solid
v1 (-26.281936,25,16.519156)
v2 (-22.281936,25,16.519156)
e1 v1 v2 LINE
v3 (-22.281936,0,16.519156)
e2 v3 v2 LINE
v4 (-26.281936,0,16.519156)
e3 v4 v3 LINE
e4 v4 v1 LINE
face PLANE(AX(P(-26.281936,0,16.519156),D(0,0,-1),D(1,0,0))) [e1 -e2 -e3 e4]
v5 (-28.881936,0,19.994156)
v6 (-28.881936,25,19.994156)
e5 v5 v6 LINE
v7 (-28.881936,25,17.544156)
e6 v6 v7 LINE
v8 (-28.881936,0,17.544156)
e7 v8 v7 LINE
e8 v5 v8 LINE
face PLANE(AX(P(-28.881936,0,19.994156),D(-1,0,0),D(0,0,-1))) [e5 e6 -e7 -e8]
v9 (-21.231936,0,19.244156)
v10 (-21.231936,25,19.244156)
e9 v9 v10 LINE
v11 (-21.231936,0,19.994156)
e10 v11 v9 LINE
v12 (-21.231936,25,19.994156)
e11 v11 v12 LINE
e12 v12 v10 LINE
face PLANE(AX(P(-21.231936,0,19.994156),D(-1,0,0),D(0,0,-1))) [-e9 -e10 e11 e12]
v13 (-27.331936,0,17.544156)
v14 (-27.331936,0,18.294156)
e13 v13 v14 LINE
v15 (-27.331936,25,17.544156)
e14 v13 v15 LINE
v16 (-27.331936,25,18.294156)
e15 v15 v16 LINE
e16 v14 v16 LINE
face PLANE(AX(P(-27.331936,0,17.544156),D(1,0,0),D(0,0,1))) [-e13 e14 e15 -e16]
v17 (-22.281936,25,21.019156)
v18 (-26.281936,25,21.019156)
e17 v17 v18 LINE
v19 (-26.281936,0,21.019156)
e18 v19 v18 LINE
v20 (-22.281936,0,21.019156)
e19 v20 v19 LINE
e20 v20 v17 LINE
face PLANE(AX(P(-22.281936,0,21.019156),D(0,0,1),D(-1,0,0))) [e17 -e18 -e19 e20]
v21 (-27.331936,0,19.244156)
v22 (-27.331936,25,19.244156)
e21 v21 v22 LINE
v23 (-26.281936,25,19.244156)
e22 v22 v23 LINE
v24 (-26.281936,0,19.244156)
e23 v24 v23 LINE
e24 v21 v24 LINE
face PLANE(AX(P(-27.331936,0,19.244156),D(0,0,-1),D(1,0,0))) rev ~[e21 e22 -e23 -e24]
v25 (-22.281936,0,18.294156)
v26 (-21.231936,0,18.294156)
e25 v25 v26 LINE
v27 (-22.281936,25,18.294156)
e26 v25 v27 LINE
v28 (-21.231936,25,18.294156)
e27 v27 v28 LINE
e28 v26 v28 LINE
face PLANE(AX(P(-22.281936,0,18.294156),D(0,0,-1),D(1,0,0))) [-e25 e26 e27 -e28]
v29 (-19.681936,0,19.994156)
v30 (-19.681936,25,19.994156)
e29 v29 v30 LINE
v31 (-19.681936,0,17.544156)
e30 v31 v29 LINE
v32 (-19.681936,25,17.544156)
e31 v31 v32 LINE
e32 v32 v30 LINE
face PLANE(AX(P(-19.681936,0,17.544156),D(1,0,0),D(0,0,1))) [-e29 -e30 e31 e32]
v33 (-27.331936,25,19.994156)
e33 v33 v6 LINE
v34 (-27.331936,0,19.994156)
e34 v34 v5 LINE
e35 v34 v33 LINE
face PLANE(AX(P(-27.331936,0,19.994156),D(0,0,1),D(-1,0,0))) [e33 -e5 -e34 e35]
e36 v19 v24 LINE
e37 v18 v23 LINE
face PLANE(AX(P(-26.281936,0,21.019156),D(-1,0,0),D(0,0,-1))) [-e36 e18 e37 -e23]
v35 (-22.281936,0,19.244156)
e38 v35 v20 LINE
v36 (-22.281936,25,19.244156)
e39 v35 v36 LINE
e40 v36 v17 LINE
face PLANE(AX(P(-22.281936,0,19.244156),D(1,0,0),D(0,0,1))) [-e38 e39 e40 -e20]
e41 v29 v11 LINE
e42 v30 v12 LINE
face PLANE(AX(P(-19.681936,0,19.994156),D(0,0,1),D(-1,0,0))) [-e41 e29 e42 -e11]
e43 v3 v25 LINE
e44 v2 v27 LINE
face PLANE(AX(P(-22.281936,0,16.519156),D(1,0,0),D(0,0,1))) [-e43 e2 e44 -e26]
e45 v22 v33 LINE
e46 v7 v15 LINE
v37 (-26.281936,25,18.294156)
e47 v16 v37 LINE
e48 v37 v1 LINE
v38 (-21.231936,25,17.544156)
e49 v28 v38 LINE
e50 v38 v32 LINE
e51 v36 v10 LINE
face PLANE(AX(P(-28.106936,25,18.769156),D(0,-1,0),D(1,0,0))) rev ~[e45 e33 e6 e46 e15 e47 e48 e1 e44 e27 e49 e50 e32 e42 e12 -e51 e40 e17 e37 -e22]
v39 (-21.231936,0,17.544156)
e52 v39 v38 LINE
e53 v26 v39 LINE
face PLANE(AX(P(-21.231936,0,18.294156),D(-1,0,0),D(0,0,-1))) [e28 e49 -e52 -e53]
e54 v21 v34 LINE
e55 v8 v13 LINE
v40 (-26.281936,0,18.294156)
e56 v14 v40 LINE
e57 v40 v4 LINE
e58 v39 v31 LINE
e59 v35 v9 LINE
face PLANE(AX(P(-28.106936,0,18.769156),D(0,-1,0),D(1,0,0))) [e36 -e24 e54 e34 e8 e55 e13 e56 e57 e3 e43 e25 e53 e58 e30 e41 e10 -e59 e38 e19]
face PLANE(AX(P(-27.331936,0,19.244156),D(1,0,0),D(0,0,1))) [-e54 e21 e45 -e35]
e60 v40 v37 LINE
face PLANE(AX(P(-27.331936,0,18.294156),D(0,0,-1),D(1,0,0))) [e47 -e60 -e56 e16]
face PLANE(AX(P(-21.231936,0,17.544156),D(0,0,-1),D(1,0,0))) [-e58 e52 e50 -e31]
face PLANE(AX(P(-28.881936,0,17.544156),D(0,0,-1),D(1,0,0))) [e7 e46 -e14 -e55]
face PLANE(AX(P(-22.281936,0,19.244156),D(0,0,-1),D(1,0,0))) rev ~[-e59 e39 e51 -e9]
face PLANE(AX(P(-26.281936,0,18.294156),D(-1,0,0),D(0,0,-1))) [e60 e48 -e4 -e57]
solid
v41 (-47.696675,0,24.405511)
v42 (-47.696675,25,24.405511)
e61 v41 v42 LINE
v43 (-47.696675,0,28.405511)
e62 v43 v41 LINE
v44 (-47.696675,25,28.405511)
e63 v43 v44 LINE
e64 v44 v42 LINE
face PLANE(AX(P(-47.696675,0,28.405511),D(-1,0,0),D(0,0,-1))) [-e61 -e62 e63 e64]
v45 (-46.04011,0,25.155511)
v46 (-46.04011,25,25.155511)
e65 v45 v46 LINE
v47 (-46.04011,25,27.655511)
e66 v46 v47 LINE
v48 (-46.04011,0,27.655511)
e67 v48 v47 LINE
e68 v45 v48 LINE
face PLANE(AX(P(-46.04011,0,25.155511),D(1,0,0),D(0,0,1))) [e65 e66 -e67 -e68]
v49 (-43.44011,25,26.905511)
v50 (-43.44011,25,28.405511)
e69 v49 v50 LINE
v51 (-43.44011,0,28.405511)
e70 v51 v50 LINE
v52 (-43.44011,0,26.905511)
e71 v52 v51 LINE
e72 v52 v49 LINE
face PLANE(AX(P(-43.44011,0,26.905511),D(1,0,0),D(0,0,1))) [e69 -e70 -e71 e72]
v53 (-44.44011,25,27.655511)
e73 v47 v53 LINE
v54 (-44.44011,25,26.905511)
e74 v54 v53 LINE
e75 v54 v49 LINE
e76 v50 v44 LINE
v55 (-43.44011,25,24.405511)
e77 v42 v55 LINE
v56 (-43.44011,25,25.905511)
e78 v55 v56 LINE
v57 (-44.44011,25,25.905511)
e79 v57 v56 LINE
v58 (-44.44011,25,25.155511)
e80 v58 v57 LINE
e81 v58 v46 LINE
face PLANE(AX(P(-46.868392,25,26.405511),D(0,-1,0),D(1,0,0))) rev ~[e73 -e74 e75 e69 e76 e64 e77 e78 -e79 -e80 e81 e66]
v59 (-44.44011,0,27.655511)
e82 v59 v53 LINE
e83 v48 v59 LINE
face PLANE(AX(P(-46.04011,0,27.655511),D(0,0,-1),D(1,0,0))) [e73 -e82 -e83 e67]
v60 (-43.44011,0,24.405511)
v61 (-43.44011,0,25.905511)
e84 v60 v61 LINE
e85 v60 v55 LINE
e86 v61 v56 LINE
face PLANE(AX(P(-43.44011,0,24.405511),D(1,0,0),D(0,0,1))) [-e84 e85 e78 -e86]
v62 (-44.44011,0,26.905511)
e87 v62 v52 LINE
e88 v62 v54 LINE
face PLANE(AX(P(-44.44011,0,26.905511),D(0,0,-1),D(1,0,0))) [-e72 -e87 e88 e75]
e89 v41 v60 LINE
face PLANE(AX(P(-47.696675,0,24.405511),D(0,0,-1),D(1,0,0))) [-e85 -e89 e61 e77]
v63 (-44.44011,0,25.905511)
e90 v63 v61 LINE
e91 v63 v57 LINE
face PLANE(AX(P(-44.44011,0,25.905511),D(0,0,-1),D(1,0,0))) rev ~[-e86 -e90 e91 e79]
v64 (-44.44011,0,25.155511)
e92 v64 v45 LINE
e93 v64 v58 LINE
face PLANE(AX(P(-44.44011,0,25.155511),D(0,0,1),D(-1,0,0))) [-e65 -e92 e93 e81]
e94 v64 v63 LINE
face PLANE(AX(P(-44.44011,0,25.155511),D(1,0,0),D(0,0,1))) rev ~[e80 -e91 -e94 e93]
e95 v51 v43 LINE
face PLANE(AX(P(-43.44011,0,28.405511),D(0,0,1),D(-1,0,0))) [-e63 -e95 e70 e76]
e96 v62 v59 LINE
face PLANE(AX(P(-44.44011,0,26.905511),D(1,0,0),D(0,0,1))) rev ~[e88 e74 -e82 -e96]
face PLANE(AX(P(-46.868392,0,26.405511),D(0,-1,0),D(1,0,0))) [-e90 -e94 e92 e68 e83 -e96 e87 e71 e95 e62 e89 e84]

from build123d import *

# Parameters (mm, degrees)
F0_W     = 1.05
F0_H     = 0.95
F1_DEPTH = 25
F2_W     = 1
F2_H     = 0.75
F3_DEPTH = 25


with BuildPart() as f1:
    # F0 (on Front) → F1 (new body)
    with BuildSketch(Plane.XZ):
        Polygon((-27.331936, 17.544156), (-27.331936, 18.294156), (-27.331936, 19.244156), (-27.331936, 19.994156), (-28.881936, 19.994156), (-28.881936, 17.544156), align=None)
        with Locations((-26.806936, 18.769156)):
            Rectangle(F0_W, F0_H)
        Polygon((-26.281936, 16.519156), (-22.281936, 16.519156), (-22.281936, 18.294156), (-22.281936, 19.244156), (-22.281936, 21.019156), (-26.281936, 21.019156), (-26.281936, 19.244156), (-26.281936, 18.294156), align=None)
        with Locations((-21.756936, 18.769156)):
            Rectangle(F0_W, F0_H)
        Polygon((-21.231936, 19.244156), (-21.231936, 18.294156), (-21.231936, 17.544156), (-19.681936, 17.544156), (-19.681936, 19.994156), (-21.231936, 19.994156), align=None)
    extrude(amount=-F1_DEPTH)


with BuildPart() as f3:
    # F2 (on Front) → F3 (new body)
    with BuildSketch(Plane.XZ):
        Polygon((-47.696675, 28.405511), (-47.696675, 24.405511), (-46.04011, 24.405511), (-46.04011, 25.155511), (-46.04011, 27.655511), (-46.04011, 28.405511), align=None)
        Polygon((-46.04011, 25.155511), (-46.04011, 24.405511), (-43.44011, 24.405511), (-43.44011, 25.155511), (-44.44011, 25.155511), align=None)
        Polygon((-43.44011, 28.405511), (-46.04011, 28.405511), (-46.04011, 27.655511), (-44.44011, 27.655511), (-43.44011, 27.655511), align=None)
        with Locations((-43.94011, 25.530511)):
            Rectangle(F2_W, F2_H)
        with Locations((-43.94011, 27.280511)):
            Rectangle(F2_W, F2_H)
    extrude(amount=-F3_DEPTH)


solid = Compound([f1.part, f3.part])
